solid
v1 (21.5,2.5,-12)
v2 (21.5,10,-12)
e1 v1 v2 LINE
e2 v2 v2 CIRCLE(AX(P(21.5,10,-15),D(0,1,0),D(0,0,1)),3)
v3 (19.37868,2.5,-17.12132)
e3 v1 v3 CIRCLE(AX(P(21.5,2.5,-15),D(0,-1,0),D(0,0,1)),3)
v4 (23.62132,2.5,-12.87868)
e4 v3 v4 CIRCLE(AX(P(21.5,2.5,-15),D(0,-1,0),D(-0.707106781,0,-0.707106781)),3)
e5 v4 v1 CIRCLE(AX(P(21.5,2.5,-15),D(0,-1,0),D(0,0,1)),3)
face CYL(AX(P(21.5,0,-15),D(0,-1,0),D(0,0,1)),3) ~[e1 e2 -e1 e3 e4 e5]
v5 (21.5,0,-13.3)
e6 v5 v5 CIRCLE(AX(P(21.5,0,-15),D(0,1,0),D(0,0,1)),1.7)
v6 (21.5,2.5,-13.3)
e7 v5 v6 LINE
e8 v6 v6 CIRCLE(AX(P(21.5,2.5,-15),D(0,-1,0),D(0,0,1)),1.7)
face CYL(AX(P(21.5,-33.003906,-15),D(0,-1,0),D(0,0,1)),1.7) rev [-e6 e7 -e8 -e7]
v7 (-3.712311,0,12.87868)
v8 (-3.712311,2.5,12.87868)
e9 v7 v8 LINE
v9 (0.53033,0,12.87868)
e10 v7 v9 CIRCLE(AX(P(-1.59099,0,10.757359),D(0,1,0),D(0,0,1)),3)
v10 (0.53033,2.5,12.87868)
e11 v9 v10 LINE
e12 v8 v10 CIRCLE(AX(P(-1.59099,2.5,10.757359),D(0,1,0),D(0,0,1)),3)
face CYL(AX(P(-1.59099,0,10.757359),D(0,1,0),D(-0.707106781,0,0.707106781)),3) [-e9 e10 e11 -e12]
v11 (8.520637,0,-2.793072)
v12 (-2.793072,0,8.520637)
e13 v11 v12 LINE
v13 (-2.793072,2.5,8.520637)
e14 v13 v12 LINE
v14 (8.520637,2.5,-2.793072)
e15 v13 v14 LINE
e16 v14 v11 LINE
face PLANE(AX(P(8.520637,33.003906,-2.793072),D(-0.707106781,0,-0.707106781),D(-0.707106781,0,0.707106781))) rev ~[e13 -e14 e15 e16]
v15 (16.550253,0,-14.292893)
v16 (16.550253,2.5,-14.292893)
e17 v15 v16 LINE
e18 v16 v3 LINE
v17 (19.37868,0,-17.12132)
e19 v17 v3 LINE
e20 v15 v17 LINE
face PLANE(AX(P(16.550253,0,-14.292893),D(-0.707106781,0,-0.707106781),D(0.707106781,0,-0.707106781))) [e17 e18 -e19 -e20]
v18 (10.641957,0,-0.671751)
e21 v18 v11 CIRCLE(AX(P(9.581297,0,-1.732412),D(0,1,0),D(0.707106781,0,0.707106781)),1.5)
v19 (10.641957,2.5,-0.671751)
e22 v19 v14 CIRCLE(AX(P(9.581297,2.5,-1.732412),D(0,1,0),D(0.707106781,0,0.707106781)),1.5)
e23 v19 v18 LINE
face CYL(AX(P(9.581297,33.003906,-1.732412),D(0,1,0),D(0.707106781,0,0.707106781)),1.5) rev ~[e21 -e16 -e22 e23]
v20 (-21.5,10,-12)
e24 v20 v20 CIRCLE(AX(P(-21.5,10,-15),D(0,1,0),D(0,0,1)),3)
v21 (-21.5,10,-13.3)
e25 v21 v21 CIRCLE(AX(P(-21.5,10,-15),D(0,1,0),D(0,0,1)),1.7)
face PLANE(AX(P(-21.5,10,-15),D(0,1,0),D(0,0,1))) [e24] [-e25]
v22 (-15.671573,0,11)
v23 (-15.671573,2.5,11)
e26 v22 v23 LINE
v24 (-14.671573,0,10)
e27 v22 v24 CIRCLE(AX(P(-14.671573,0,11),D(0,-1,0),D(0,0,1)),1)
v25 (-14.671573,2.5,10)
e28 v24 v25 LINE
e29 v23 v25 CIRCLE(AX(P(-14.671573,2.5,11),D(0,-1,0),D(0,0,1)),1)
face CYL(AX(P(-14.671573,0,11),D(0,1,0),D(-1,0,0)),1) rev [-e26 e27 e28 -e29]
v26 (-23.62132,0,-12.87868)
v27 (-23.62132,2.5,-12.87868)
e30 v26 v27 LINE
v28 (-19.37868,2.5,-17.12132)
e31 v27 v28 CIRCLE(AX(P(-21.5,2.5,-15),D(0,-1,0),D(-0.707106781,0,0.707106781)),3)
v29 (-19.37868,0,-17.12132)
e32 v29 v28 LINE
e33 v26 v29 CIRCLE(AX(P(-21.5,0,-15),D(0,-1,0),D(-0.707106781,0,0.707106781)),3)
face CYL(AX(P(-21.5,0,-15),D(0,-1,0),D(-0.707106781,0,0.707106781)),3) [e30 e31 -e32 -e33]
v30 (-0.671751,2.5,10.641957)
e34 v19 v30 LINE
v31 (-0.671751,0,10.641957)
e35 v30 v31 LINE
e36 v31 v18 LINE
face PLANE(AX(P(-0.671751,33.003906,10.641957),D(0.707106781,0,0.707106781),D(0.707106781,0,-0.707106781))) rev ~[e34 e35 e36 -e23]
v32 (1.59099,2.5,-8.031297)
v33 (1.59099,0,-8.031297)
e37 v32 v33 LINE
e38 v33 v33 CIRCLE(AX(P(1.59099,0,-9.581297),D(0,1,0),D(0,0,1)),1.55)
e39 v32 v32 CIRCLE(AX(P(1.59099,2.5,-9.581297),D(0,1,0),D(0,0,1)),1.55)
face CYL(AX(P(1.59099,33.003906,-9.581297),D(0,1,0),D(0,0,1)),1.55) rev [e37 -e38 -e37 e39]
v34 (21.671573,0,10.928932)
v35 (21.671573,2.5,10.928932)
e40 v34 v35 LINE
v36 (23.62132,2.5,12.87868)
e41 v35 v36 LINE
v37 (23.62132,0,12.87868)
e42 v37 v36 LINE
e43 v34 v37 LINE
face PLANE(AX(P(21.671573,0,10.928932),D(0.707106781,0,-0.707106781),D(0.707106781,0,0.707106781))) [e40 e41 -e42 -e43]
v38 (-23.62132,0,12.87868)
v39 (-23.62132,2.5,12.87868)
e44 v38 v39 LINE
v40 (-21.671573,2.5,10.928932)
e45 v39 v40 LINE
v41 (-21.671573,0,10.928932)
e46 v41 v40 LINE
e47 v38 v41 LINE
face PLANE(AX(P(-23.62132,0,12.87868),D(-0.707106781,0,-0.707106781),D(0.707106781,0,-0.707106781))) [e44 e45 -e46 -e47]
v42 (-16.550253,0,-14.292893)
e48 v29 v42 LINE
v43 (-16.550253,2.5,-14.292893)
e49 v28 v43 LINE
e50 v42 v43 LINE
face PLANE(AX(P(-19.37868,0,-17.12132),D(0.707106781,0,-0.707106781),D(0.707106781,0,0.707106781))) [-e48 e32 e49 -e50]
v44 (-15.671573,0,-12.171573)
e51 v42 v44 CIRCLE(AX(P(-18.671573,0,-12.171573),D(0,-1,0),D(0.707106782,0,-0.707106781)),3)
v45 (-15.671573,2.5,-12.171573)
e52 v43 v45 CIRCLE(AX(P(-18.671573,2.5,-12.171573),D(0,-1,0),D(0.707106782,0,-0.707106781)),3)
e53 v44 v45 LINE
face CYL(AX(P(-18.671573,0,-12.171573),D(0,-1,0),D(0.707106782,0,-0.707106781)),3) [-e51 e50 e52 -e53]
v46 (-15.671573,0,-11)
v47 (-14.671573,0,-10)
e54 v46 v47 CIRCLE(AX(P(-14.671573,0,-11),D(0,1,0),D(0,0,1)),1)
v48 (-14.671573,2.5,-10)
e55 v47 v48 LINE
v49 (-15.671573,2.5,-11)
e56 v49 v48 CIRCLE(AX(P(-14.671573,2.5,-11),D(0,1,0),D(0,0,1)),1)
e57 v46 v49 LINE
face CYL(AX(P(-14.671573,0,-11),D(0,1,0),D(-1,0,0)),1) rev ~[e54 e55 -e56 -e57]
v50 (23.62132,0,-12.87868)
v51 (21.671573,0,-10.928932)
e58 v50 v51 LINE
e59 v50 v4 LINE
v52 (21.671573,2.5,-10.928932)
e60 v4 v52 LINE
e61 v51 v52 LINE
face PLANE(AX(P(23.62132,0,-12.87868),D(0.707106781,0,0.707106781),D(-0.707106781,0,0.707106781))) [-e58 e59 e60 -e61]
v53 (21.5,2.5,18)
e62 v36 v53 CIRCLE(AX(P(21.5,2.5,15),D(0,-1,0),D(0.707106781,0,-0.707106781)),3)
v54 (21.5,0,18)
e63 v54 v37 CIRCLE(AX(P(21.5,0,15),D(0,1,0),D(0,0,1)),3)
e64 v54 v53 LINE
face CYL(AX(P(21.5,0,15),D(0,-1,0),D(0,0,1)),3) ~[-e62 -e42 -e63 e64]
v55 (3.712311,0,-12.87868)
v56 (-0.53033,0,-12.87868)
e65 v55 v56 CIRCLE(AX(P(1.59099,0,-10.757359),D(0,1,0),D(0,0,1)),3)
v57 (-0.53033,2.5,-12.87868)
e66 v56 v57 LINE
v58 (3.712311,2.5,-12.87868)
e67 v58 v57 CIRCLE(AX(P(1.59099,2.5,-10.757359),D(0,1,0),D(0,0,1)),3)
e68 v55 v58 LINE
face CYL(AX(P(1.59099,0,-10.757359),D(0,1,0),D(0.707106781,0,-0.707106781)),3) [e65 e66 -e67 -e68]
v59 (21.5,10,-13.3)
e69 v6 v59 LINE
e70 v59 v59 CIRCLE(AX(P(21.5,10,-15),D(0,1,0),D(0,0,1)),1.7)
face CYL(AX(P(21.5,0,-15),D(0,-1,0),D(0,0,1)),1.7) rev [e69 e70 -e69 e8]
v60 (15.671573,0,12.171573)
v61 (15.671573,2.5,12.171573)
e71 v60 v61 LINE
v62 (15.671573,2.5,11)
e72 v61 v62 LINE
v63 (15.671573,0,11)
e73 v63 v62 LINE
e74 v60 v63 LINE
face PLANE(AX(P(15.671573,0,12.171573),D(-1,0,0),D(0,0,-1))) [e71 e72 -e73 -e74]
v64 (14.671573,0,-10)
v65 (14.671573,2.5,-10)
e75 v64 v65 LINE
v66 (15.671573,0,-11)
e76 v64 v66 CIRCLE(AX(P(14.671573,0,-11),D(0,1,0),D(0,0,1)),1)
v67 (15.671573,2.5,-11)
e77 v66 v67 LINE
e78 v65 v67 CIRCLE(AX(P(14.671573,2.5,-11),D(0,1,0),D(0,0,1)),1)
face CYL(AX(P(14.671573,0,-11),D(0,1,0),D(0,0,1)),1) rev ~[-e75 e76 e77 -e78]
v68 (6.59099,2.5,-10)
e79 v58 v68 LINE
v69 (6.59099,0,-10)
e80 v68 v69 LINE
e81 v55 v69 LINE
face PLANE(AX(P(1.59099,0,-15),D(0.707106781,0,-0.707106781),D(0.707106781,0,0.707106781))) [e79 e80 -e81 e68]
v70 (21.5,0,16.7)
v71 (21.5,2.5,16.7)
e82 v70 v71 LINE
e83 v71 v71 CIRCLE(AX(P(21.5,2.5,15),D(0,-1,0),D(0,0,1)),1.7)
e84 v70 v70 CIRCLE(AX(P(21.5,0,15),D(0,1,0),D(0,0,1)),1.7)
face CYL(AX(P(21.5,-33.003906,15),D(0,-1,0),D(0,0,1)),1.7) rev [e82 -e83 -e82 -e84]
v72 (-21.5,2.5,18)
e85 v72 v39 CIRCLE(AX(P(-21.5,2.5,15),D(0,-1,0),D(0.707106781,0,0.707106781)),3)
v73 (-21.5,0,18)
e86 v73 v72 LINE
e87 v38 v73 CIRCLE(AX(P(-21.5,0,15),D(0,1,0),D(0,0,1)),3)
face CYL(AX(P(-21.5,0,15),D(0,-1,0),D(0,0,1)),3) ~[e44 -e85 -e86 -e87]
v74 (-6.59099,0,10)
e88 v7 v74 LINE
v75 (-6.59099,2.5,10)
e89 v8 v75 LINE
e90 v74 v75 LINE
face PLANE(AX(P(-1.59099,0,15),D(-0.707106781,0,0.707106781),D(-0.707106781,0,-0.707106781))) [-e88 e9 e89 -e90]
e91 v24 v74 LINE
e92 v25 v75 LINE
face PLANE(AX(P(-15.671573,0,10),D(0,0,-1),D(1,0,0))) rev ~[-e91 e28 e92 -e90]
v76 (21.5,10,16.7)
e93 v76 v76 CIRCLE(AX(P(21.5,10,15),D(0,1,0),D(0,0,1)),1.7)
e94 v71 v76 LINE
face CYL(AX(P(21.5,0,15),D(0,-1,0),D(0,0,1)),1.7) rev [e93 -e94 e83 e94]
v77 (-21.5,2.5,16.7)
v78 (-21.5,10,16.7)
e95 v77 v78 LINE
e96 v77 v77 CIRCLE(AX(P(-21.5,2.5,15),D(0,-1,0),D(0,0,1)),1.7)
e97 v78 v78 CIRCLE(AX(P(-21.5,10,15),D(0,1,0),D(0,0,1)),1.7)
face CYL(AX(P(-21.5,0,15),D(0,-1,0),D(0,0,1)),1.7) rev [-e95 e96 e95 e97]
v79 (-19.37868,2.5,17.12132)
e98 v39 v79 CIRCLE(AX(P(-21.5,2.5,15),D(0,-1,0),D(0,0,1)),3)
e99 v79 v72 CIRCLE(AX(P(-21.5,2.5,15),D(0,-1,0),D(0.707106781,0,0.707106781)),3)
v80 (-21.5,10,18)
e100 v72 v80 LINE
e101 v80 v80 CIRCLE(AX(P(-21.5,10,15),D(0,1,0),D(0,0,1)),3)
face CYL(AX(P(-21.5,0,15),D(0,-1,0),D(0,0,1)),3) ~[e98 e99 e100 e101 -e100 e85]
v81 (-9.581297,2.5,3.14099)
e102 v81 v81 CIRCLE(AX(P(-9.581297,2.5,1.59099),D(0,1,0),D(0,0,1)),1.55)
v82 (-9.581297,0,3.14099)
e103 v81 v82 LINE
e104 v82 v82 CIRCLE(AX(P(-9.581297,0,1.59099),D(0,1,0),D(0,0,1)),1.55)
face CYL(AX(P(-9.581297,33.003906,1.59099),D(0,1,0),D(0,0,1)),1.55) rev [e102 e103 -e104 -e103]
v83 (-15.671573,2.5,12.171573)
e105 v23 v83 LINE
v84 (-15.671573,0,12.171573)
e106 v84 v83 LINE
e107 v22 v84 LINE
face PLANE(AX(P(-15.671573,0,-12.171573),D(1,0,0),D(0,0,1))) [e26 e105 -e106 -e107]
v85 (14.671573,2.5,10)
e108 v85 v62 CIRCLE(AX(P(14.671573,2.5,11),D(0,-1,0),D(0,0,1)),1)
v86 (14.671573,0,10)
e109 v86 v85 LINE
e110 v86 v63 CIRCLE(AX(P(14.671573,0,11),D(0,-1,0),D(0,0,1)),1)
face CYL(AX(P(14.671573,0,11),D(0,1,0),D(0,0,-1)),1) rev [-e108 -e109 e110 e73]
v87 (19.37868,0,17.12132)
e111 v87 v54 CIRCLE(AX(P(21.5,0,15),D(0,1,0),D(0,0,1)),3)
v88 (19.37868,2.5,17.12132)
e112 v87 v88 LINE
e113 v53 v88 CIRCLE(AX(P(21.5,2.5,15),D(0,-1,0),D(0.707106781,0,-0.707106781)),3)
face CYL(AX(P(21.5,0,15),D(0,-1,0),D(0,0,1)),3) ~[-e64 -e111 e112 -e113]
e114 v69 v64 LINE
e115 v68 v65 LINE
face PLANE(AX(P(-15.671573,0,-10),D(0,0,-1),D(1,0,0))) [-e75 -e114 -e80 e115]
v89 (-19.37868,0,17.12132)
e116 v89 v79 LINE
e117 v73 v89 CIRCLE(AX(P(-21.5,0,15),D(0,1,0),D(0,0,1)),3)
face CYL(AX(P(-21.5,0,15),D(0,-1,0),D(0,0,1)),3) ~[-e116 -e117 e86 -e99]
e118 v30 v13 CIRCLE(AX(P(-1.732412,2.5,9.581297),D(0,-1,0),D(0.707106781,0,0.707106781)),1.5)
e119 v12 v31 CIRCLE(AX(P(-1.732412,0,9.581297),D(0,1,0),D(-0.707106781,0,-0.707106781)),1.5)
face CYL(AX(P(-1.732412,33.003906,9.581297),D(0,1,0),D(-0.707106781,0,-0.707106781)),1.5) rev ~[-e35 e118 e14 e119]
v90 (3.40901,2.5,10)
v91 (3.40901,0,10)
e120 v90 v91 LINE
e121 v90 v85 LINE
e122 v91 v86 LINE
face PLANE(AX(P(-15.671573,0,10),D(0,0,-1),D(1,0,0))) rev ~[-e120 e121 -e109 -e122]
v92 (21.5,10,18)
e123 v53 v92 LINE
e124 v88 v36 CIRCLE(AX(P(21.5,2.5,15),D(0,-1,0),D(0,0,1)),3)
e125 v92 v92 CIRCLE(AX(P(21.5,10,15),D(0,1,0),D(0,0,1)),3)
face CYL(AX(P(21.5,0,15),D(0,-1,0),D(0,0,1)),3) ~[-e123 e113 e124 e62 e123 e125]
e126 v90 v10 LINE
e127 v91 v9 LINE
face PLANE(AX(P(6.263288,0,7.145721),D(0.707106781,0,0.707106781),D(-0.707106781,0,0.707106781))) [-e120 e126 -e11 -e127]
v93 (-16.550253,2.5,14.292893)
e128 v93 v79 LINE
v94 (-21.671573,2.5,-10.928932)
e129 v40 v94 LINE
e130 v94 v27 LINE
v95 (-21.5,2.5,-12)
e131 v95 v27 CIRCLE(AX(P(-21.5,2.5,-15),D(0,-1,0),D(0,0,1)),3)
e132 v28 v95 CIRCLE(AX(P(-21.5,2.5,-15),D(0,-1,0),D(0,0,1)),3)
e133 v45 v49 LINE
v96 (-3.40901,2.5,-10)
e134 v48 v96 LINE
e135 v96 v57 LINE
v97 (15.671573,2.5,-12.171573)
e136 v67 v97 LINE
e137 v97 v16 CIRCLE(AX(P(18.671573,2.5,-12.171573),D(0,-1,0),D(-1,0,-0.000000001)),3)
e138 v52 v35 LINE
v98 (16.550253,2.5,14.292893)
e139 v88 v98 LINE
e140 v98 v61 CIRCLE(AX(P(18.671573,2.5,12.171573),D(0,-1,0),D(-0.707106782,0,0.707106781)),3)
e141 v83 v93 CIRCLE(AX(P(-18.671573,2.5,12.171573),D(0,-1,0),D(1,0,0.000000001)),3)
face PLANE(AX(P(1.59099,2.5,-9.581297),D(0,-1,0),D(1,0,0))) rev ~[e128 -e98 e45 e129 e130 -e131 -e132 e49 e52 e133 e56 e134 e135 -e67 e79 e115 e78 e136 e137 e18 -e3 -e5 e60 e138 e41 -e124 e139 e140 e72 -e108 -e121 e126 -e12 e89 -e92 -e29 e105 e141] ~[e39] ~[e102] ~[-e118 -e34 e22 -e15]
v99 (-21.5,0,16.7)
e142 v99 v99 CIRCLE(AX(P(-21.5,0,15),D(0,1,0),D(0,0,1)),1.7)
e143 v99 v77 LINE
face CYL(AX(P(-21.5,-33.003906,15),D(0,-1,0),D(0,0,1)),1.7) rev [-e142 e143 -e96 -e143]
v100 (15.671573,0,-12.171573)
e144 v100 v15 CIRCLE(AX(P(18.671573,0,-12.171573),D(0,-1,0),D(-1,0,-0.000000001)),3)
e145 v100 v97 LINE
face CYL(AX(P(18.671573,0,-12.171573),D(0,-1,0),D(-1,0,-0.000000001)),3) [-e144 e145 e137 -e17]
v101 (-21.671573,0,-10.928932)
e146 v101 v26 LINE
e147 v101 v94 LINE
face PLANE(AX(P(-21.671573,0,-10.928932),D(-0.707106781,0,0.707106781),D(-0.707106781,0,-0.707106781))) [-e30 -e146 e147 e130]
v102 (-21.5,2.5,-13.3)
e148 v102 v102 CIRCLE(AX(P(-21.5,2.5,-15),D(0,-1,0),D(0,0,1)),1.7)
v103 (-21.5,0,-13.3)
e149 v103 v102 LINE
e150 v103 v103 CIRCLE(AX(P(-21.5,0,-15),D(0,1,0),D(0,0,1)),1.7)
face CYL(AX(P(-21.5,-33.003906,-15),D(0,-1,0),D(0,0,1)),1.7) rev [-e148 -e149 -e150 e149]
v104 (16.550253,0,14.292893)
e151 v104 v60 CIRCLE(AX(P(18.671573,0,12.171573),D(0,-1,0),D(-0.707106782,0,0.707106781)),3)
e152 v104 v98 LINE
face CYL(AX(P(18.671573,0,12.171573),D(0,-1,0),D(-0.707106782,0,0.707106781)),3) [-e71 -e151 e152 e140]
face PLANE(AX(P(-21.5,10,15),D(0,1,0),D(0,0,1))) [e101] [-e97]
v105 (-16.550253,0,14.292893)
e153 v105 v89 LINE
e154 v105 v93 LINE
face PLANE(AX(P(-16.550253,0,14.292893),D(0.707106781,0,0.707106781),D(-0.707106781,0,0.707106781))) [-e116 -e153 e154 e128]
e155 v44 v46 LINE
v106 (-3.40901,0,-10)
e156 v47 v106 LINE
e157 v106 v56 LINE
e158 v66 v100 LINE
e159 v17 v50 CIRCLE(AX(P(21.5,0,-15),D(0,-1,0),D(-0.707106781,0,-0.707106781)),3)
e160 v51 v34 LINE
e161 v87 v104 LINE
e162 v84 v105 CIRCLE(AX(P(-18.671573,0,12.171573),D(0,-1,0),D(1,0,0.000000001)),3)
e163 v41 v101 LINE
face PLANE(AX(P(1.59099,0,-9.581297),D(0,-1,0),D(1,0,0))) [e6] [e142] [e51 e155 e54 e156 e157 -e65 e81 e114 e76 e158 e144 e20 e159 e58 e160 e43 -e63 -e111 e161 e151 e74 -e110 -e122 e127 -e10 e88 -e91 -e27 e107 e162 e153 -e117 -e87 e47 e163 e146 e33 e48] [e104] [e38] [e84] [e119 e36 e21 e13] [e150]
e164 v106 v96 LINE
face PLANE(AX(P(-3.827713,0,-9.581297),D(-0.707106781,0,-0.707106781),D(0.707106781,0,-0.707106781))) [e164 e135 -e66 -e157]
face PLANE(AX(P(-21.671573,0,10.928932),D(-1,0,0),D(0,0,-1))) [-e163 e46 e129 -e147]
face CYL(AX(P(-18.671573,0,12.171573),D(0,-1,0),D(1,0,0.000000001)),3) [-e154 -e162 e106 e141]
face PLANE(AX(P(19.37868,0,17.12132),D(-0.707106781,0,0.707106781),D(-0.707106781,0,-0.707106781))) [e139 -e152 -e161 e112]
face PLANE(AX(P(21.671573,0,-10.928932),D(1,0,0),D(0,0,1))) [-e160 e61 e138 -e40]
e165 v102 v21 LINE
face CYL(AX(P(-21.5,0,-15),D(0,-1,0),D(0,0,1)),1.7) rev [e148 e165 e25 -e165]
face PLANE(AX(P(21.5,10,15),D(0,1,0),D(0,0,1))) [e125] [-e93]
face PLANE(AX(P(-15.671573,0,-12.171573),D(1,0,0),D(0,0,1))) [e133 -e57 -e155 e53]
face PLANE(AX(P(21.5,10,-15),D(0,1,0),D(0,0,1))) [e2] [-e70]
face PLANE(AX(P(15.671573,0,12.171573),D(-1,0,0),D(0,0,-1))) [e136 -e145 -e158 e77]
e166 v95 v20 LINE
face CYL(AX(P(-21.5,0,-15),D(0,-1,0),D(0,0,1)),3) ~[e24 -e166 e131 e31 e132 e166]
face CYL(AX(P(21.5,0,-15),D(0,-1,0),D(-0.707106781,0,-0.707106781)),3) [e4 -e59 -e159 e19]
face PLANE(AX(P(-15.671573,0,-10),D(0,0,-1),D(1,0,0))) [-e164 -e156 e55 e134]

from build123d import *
from build123d.topology import SkipClean

# Parameters (mm, degrees)
SKETCH1_R               = 3
SKETCH1_R_2             = 1.7
BOSS_EXTRUDE1_DEPTH     = 10
BOSS_EXTRUDE1_2_DEPTH   = 10
BOSS_EXTRUDE1_3_DEPTH   = 10
BOSS_EXTRUDE1_4_DEPTH   = 10
BOSS_EXTRUDE2_DEPTH     = 2.5
CUT_EXTRUDE1_DEPTH      = 33.003906012
CUT_EXTRUDE1_DEPTH_BACK = 33.003906012
SKETCH1_2_R             = 1.7
SKETCH4_W               = 31.34314575
SKETCH4_H               = 20
BOSS_EXTRUDE3_DEPTH     = 2.5
FILLET2_R               = 1
BOSS_EXTRUDE4_DEPTH     = 2.5
CUT_EXTRUDE3_DEPTH      = 33.003906012
CUT_EXTRUDE3_DEPTH_BACK = 33.003906012
SKETCH5_R               = 1.55
FILLET3_R               = 3


with BuildPart() as part:
    # Sketch1 → Boss-Extrude1 (new body)
    with BuildSketch(Plane(origin=(0, 0, 0), x_dir=(1, 0, 0), z_dir=(0, 1, 0))):
        with Locations(Location((-21.5, 15, 0), (0, 0, 270))):
            Circle(SKETCH1_R)
        with Locations(Location((-21.5, 15, 0), (0, 0, 270))):
            Circle(SKETCH1_R_2, mode=Mode.SUBTRACT)
    extrude(amount=BOSS_EXTRUDE1_DEPTH)



with BuildPart() as body_2:
    # Sketch1 → Boss-Extrude1 2 (new body)
    with BuildSketch(Plane(origin=(0, 0, 0), x_dir=(1, 0, 0), z_dir=(0, 1, 0))):
        with Locations(Location((-21.5, -15, 0), (0, 0, 270))):
            Circle(SKETCH1_R)
        with Locations(Location((-21.5, -15, 0), (0, 0, 270))):
            Circle(SKETCH1_R_2, mode=Mode.SUBTRACT)
    extrude(amount=BOSS_EXTRUDE1_2_DEPTH)


with BuildPart() as body_3:
    # Sketch1 → Boss-Extrude1 3 (new body)
    with BuildSketch(Plane(origin=(0, 0, 0), x_dir=(1, 0, 0), z_dir=(0, 1, 0))):
        with Locations(Location((21.5, -15, 0), (0, 0, 270))):
            Circle(SKETCH1_R)
        with Locations(Location((21.5, -15, 0), (0, 0, 270))):
            Circle(SKETCH1_R_2, mode=Mode.SUBTRACT)
    extrude(amount=BOSS_EXTRUDE1_3_DEPTH)


with BuildPart() as body_4:
    # Sketch1 → Boss-Extrude1 4 (new body)
    with BuildSketch(Plane(origin=(0, 0, 0), x_dir=(1, 0, 0), z_dir=(0, 1, 0))):
        with Locations(Location((21.5, 15, 0), (0, 0, 270))):
            Circle(SKETCH1_R)
        with Locations(Location((21.5, 15, 0), (0, 0, 270))):
            Circle(SKETCH1_R_2, mode=Mode.SUBTRACT)
    extrude(amount=BOSS_EXTRUDE1_4_DEPTH)


with BuildPart() as part_1:
    with SkipClean():  # the faces are left unmerged after this step: merging them gives an invalid solid
        add(part.part)

        add(body_2.part)  # Boss-Extrude2 merges body 2

        add(body_3.part)  # Boss-Extrude2 merges body 3

        add(body_4.part)  # Boss-Extrude2 merges body 4
        # Sketch2 → Boss-Extrude2 (add)
        with BuildSketch(Plane(origin=(0, 0, 0), x_dir=(1, 0, 0), z_dir=(0, 1, 0))):
            with BuildLine():
                Line((-15.671572875, 12.171572875), (-15.671572875, -12.171572875))
                ThreePointArc((-15.671572875, -12.171572875), (-15.899934278, -13.319623172), (-16.550252532, -14.292893219))
                Line((-16.550252532, -14.292893219), (-19.378679656, -17.121320344))
                ThreePointArc((-19.378679656, -17.121320344), (-23.621320344, -17.121320344), (-23.621320344, -12.878679656))
                Line((-23.621320344, -12.878679656), (-21.671572875, -10.928932188))
                Line((-21.671572875, -10.928932188), (-21.671572875, 10.928932188))
                Line((-21.671572875, 10.928932188), (-23.621320344, 12.878679656))
                ThreePointArc((-23.621320344, 12.878679656), (-23.621320344, 17.121320344), (-19.378679656, 17.121320344))
                Line((-19.378679656, 17.121320344), (-16.550252532, 14.292893219))
                ThreePointArc((-16.550252532, 14.292893219), (-15.899934278, 13.319623172), (-15.671572875, 12.171572875))
            make_face()
            with BuildLine():
                ThreePointArc((19.378679656, 17.121320344), (23.621320344, 17.121320344), (23.621320344, 12.878679656))
                Line((23.621320344, 12.878679656), (21.671572875, 10.928932188))
                Line((21.671572875, 10.928932188), (21.671572875, -10.928932188))
                Line((21.671572875, -10.928932188), (23.621320344, -12.878679656))
                ThreePointArc((23.621320344, -12.878679656), (23.621320344, -17.121320344), (19.378679656, -17.121320344))
                Line((19.378679656, -17.121320344), (16.550252532, -14.292893219))
                ThreePointArc((16.550252532, -14.292893219), (15.899934278, -13.319623172), (15.671572875, -12.171572875))
                Line((15.671572875, -12.171572875), (15.671572875, 12.171572875))
                ThreePointArc((15.671572875, 12.171572875), (15.899934278, 13.319623172), (16.550252532, 14.292893219))
                Line((16.550252532, 14.292893219), (19.378679656, 17.121320344))
            make_face()
        extrude(amount=BOSS_EXTRUDE2_DEPTH)

    # Sketch1<2> → Cut-Extrude1 (cut, two sides: drawn at the far end of the back side and taken through both)
    with SkipClean():  # the faces are left unmerged after this step: merging them gives an invalid solid
        with BuildSketch(Plane(origin=(0, 0, 0), x_dir=(1, 0, 0), z_dir=(0, 1, 0)).offset(-CUT_EXTRUDE1_DEPTH_BACK)):
            with Locations(Location((-21.5, -15, 0), (0, 0, 270))):
                Circle(SKETCH1_2_R)
            with Locations(Location((-21.5, 15, 0), (0, 0, 270))):
                Circle(SKETCH1_2_R)
            with Locations(Location((21.5, 15, 0), (0, 0, 270))):
                Circle(SKETCH1_2_R)
            with Locations(Location((21.5, -15, 0), (0, 0, 270))):
                Circle(SKETCH1_2_R)
        extrude(amount=CUT_EXTRUDE1_DEPTH + CUT_EXTRUDE1_DEPTH_BACK, mode=Mode.SUBTRACT)

    # Sketch4 → Boss-Extrude3 (add)
    with SkipClean():  # the faces are left unmerged after this step: merging them gives an invalid solid
        with BuildSketch(Plane(origin=(0, 0, 0), x_dir=(1, 0, 0), z_dir=(0, 1, 0))):
            Rectangle(SKETCH4_W, SKETCH4_H)
        extrude(amount=BOSS_EXTRUDE3_DEPTH)

    # Fillet2
    fillet2_edges = [part_1.edges().sort_by_distance(p)[0] for p in [
        (15.671572875, 1.25, 10),
        (15.671572875, 1.25, -10),
        (-15.671572875, 1.25, -10),
        (-15.671572875, 1.25, 10),
    ]]
    fillet(fillet2_edges, radius=FILLET2_R)

    # Sketch6 → Boss-Extrude4 (add)
    with SkipClean():  # the faces are left unmerged after this step: merging them gives an invalid solid
        with BuildSketch(Plane.XZ):
            Polygon((1.590990258, -4.16259377), (-3.827712857, -9.581296885), (1.590990258, -15), (7.009693373, -9.581296885), align=None)
            Polygon((-1.590990258, 15), (-9.445268772, 7.145721485), (-1.590990258, -0.70855703), (6.263288257, 7.145721485), align=None)
        extrude(amount=-BOSS_EXTRUDE4_DEPTH)

    # Sketch5 → Cut-Extrude3 (cut, two sides: drawn at the far end of the back side and taken through both)
    with SkipClean():  # the faces are left unmerged after this step: merging them gives an invalid solid
        with BuildSketch(Plane.XZ.offset(-CUT_EXTRUDE3_DEPTH_BACK)):
            with Locations(Location((-9.581296885, 1.590990258, 0), (0, 0, 90))):
                Circle(SKETCH5_R)
            with Locations(Location((1.590990258, -9.581296885, 0), (0, 0, 90))):
                Circle(SKETCH5_R)
            with BuildLine():
                Line((-0.671751442, 10.641957057), (10.641957057, -0.671751442))
                ThreePointArc((10.641957057, -0.671751442), (10.641957057, -2.793071786), (8.520636713, -2.793071786))
                Line((8.520636713, -2.793071786), (-2.793071786, 8.520636713))
                ThreePointArc((-2.793071786, 8.520636713), (-2.793071786, 10.641957057), (-0.671751442, 10.641957057))
            make_face()
        extrude(amount=CUT_EXTRUDE3_DEPTH + CUT_EXTRUDE3_DEPTH_BACK, mode=Mode.SUBTRACT)

    # Fillet3
    fillet3_edges = [part_1.edges().sort_by_distance(p)[0] for p in [
        (1.590990258, 1.25, -15),
        (-1.590990258, 1.25, 15),
    ]]
    fillet(fillet3_edges, radius=FILLET3_R)


solid = part_1.part
